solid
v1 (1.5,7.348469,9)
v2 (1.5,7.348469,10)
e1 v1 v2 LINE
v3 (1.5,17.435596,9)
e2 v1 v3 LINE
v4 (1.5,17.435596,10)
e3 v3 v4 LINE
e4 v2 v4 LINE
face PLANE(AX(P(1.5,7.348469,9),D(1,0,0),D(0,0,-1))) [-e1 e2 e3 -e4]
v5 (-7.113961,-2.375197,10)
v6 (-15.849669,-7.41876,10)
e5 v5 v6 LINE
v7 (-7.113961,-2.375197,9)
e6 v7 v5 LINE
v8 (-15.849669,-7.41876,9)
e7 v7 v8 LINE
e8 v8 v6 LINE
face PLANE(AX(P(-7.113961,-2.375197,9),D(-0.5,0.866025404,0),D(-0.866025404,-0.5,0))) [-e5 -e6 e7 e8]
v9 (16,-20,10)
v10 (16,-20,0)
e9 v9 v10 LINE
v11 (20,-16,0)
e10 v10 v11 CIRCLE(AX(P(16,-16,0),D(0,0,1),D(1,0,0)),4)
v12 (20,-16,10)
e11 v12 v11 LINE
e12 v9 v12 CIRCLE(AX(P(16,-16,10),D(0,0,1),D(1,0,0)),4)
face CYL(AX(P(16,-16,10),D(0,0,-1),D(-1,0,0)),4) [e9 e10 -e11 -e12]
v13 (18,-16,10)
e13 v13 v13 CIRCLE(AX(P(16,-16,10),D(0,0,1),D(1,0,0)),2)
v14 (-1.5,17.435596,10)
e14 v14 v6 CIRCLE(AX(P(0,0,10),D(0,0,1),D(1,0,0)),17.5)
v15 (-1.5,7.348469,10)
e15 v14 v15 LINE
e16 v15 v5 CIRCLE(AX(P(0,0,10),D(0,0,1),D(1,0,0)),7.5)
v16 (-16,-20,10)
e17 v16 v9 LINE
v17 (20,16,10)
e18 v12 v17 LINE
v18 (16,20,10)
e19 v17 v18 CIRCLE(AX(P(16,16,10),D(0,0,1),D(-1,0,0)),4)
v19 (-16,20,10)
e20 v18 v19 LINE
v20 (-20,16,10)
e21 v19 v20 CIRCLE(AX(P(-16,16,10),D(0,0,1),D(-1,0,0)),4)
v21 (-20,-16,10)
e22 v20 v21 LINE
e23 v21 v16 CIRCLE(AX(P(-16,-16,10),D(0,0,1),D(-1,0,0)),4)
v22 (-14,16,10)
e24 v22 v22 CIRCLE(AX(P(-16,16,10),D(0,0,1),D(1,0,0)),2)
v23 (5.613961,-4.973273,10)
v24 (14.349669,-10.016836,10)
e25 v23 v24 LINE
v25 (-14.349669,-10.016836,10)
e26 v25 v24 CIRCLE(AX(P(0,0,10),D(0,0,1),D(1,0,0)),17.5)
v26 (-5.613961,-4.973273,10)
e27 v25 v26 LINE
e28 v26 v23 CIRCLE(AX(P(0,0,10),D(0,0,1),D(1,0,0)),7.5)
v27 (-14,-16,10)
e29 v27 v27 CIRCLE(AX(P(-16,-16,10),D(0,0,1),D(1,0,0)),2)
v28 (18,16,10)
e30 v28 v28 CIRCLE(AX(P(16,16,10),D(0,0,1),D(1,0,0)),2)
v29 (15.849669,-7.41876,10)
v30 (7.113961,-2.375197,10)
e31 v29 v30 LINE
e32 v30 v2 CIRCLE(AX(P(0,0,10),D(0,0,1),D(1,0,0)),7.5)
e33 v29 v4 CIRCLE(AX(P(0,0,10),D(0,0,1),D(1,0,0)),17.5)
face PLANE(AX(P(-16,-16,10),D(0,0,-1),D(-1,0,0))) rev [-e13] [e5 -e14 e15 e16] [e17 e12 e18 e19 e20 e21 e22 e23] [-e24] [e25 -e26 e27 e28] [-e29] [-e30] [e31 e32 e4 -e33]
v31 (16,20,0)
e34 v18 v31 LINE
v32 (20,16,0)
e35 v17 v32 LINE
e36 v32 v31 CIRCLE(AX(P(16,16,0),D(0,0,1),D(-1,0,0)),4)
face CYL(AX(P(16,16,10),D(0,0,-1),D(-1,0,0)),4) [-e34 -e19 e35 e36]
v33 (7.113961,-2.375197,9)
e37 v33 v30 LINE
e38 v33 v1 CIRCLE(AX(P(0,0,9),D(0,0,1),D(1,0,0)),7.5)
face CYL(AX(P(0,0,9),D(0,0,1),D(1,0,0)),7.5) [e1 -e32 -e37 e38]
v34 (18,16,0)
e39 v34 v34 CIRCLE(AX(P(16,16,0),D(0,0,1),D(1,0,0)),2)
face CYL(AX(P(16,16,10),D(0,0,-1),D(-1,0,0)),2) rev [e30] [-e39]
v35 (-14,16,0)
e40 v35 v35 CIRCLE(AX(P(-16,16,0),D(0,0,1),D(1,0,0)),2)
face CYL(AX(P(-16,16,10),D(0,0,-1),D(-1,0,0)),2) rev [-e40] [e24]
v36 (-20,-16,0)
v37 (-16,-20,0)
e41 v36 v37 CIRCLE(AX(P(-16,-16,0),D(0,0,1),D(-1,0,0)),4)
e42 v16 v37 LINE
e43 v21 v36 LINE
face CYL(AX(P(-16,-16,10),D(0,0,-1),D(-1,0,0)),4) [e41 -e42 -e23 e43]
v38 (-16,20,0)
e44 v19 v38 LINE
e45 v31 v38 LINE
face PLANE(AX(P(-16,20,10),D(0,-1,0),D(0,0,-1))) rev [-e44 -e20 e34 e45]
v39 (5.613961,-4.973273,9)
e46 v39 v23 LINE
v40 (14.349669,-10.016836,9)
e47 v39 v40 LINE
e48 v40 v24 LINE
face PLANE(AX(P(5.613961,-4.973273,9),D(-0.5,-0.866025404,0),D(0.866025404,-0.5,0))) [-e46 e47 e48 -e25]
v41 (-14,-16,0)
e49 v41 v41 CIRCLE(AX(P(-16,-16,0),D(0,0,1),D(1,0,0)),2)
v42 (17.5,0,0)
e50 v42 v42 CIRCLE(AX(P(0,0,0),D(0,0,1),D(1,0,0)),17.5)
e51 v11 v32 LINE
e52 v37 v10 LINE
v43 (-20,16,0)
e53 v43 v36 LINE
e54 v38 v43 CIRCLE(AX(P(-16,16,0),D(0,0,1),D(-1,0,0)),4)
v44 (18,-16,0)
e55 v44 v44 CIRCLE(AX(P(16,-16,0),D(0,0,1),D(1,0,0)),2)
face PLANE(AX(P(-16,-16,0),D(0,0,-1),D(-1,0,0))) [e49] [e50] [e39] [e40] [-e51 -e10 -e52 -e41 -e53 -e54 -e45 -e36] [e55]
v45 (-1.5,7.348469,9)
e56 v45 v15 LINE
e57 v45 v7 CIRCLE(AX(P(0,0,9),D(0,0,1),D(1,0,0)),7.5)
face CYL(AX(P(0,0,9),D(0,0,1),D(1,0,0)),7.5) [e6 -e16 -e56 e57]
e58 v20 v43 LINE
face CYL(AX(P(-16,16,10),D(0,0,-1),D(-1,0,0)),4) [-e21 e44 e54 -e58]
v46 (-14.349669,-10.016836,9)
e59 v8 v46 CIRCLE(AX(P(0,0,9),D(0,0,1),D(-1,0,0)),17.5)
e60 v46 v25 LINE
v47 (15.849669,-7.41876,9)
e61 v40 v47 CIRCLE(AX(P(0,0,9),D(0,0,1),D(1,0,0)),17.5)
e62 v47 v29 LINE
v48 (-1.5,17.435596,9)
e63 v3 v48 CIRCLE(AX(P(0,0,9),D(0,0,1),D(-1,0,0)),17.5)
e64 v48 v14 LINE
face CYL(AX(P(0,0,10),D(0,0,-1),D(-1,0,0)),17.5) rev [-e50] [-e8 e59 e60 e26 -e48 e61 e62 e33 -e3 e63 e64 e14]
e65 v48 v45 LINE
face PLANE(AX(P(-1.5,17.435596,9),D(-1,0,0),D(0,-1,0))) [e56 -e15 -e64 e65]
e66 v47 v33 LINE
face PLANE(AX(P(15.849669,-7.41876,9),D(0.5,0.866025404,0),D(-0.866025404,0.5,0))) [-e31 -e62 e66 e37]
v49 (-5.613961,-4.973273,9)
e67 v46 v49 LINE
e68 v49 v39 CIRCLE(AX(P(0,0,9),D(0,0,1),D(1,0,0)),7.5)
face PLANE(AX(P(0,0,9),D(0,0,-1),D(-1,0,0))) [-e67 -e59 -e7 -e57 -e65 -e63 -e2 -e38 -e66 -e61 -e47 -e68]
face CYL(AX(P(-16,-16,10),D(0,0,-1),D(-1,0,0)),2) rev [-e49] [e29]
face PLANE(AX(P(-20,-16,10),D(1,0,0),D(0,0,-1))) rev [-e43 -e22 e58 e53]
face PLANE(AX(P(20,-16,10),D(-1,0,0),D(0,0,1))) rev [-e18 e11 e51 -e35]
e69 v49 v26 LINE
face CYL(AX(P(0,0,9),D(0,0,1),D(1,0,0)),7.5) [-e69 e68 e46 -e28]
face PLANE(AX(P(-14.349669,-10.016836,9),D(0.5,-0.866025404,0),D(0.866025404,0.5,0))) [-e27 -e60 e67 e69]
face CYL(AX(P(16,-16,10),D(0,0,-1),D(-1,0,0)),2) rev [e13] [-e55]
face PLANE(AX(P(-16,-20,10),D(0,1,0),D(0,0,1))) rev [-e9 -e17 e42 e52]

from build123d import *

# Parameters (mm, degrees)
SKETCH_1_R      = 17.5
SKETCH_1_R_2    = 2
EXTRUDE_1_DEPTH = 10
EXTRUDE_START   = -1
EXTRUDE_2_DEPTH = 1


with BuildPart() as part:
    # 草图1 → 凸台-拉伸1 (new body)
    with BuildSketch(Plane.XY):
        with BuildLine():
            Line((-16, -20), (16, -20))
            ThreePointArc((16, -20), (18.828427125, -18.828427125), (20, -16))
            Line((20, -16), (20, 16))
            ThreePointArc((20, 16), (18.828427125, 18.828427125), (16, 20))
            Line((16, 20), (-16, 20))
            ThreePointArc((-16, 20), (-18.828427125, 18.828427125), (-20, 16))
            Line((-20, 16), (-20, -16))
            ThreePointArc((-20, -16), (-18.828427125, -18.828427125), (-16, -20))
        make_face()
        Circle(SKETCH_1_R, mode=Mode.SUBTRACT)
        with Locations((-16, 16)):
            Circle(SKETCH_1_R_2, mode=Mode.SUBTRACT)
        with Locations((16, 16)):
            Circle(SKETCH_1_R_2, mode=Mode.SUBTRACT)
        with Locations((16, -16)):
            Circle(SKETCH_1_R_2, mode=Mode.SUBTRACT)
        with Locations((-16, -16)):
            Circle(SKETCH_1_R_2, mode=Mode.SUBTRACT)
    extrude(amount=EXTRUDE_1_DEPTH)

    # 草图2 → 凸台-拉伸2 (add)
    with BuildSketch(Plane.XY.offset(10).offset(EXTRUDE_START)):
        with BuildLine():
            Line((-1.5, 17.435595774), (-1.5, 7.348469228))
            ThreePointArc((-1.5, 7.348469228), (-6.495190528, 3.75), (-7.113961031, -2.375196508))
            Line((-7.113961031, -2.375196508), (-15.849668871, -7.418759781))
            ThreePointArc((-15.849668871, -7.418759781), (-15.155444566, -8.75), (-14.349668871, -10.016835993))
            Line((-14.349668871, -10.016835993), (-5.613961031, -4.97327272))
            ThreePointArc((-5.613961031, -4.97327272), (0, -7.5), (5.613961031, -4.97327272))
            Line((5.613961031, -4.97327272), (14.349668871, -10.016835993))
            ThreePointArc((14.349668871, -10.016835993), (15.155444566, -8.75), (15.849668871, -7.418759781))
            Line((15.849668871, -7.418759781), (7.113961031, -2.375196508))
            ThreePointArc((7.113961031, -2.375196508), (6.495190528, 3.75), (1.5, 7.348469228))
            Line((1.5, 7.348469228), (1.5, 17.435595774))
            ThreePointArc((1.5, 17.435595774), (0, 17.5), (-1.5, 17.435595774))
        make_face()
    extrude(amount=EXTRUDE_2_DEPTH)


solid = part.part
